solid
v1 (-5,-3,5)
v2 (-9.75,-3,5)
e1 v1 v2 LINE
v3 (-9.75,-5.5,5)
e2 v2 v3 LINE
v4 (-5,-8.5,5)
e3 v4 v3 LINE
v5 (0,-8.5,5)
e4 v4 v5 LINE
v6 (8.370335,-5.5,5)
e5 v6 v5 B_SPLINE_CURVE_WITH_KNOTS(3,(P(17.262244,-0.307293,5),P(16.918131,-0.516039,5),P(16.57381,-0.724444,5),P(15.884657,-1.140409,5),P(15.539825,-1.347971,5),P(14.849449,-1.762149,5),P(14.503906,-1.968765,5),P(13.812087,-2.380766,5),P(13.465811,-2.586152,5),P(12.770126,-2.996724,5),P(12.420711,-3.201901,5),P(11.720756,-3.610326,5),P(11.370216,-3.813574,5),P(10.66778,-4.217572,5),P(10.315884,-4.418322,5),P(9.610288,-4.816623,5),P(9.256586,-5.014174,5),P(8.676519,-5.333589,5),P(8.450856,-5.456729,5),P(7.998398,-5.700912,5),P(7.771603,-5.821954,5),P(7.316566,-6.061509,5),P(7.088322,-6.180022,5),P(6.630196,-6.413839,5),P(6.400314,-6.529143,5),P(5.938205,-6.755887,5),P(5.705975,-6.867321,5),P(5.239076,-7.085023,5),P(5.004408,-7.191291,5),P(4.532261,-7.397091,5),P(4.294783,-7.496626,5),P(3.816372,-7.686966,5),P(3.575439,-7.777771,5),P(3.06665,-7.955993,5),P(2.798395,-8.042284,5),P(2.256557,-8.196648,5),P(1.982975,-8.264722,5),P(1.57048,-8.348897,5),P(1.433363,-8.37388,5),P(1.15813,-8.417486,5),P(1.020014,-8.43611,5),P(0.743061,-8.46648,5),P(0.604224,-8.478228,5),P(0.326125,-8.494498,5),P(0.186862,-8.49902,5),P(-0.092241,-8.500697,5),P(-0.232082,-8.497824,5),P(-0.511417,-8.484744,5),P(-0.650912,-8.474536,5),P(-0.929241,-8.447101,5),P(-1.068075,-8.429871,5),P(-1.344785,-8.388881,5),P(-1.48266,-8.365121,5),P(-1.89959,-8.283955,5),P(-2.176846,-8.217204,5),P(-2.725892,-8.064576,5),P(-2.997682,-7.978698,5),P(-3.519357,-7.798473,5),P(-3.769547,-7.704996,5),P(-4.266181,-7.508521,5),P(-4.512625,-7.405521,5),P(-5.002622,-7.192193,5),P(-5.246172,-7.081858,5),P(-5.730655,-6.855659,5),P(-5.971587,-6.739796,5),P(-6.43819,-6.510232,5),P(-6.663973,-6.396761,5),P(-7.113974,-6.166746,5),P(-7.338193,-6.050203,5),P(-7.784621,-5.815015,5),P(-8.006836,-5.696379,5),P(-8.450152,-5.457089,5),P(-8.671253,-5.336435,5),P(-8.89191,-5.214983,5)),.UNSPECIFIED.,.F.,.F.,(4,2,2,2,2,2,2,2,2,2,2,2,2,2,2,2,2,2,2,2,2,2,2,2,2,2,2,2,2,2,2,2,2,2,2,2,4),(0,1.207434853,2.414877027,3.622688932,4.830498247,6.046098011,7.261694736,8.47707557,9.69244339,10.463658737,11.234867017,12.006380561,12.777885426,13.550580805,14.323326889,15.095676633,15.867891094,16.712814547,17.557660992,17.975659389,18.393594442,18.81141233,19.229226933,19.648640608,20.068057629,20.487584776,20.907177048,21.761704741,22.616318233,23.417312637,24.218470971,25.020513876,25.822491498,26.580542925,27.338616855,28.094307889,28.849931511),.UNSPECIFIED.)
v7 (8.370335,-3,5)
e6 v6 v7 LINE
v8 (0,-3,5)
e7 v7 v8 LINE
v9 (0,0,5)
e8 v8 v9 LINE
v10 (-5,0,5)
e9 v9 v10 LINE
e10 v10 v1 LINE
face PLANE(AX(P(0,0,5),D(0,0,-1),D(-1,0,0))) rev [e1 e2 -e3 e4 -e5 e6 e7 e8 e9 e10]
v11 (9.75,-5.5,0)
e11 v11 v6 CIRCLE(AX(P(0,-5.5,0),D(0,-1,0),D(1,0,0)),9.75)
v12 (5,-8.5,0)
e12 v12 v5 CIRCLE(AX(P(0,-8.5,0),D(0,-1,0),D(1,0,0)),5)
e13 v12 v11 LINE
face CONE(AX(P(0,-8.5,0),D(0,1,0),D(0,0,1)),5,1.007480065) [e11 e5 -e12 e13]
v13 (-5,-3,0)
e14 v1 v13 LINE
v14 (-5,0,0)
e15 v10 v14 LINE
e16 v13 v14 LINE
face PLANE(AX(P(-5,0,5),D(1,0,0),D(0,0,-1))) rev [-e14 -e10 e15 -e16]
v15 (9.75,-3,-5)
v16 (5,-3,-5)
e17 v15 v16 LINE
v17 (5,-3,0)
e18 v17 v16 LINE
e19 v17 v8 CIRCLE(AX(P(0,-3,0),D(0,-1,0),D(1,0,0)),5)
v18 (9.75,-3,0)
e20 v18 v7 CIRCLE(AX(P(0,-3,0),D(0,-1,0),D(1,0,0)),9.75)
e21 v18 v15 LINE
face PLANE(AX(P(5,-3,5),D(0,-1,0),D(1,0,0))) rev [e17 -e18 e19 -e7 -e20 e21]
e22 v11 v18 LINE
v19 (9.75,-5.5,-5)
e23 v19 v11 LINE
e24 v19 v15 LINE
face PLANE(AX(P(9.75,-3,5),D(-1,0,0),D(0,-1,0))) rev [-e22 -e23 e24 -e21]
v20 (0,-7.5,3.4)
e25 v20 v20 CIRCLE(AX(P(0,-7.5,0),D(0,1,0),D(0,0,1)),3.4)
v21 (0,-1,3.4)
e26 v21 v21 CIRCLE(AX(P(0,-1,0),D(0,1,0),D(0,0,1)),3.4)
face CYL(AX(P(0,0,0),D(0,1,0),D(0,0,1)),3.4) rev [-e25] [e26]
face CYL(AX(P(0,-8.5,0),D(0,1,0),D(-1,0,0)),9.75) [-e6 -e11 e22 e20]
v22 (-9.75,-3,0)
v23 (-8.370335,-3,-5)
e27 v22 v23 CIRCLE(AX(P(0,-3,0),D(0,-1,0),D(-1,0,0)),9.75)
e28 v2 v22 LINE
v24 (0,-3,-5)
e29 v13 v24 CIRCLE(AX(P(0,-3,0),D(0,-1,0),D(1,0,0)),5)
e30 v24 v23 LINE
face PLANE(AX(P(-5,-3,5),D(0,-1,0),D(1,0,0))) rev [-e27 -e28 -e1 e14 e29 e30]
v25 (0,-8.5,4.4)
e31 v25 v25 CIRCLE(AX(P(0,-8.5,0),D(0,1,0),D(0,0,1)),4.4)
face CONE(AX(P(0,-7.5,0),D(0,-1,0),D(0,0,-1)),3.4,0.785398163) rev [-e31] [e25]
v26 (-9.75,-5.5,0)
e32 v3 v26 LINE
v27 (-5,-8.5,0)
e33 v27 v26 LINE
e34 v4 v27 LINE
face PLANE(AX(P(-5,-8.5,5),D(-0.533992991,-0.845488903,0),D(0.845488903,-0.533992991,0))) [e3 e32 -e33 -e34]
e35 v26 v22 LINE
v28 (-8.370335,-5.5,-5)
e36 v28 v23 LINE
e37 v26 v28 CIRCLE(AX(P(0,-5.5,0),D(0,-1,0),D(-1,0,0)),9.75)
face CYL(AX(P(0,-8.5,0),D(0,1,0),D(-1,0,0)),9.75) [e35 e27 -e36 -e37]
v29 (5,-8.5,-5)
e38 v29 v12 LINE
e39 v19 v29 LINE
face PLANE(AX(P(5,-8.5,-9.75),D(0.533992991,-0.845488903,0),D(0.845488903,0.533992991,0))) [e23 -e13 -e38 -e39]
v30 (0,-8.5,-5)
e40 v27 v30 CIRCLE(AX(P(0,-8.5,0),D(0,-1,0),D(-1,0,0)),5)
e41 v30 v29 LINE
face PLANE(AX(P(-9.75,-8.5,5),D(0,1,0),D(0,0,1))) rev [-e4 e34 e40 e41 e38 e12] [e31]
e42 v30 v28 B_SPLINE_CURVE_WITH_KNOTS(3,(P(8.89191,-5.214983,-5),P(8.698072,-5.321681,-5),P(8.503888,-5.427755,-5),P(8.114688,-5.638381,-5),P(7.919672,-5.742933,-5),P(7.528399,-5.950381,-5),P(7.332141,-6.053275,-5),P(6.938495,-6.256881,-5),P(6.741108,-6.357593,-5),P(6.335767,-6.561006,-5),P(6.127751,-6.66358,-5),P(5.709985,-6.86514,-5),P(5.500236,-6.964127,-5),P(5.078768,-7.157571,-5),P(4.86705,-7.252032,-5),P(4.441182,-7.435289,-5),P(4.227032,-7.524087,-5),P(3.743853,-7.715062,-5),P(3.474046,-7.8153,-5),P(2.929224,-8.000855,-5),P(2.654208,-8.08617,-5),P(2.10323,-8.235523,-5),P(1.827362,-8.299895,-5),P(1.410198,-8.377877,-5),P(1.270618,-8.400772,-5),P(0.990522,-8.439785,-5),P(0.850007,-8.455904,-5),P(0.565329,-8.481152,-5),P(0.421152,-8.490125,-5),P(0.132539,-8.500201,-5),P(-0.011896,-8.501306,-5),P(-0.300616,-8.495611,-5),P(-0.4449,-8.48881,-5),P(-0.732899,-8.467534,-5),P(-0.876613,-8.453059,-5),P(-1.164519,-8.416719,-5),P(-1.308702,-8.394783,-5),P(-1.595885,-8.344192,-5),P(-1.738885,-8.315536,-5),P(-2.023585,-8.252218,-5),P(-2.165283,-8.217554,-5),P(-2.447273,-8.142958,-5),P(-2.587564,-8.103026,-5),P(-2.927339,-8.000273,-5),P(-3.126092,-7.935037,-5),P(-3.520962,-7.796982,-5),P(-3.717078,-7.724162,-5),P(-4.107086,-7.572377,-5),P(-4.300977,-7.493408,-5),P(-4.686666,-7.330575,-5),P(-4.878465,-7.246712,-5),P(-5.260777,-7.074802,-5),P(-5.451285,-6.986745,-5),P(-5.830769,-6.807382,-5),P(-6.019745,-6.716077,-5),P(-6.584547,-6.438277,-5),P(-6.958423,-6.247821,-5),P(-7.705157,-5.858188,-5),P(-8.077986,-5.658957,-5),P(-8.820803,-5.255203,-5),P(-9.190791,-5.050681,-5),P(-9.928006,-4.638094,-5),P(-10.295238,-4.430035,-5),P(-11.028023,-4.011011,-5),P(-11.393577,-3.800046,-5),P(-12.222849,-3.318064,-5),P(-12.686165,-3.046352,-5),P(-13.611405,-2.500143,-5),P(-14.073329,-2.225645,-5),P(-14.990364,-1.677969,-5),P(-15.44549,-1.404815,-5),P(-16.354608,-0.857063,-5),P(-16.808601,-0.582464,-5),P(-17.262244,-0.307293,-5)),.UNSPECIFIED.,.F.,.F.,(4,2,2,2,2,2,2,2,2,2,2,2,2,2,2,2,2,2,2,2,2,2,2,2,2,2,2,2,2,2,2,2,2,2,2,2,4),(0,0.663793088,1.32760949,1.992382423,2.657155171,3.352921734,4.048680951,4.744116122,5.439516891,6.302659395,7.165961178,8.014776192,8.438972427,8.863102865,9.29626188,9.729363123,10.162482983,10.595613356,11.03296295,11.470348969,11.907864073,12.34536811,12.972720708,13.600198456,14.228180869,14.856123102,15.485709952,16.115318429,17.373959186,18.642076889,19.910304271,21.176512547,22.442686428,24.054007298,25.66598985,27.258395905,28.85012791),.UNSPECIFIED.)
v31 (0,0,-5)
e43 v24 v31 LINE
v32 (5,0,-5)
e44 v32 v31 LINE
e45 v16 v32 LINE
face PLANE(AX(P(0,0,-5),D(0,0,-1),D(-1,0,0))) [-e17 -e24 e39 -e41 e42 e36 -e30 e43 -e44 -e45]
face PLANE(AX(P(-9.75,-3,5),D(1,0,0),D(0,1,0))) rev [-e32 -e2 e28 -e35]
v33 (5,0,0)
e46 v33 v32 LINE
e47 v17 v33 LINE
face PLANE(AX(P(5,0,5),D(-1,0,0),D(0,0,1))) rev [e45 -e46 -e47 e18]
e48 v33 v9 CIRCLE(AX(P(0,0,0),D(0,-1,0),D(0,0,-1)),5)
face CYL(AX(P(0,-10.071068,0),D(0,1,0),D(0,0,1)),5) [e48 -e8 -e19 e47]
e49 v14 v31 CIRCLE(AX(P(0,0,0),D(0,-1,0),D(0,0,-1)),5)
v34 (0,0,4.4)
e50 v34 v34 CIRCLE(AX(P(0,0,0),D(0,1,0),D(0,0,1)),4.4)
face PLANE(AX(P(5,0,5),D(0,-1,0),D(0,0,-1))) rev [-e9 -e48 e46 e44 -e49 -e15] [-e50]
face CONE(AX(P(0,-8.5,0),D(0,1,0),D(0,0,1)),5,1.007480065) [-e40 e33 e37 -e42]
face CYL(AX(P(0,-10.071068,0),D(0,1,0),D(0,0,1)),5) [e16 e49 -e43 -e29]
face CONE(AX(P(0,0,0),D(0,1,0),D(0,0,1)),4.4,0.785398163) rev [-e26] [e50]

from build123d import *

# Parameters (mm, degrees)
EXTRUDE_1_DEPTH     = 5
CUT_EXTRUDE_1_DEPTH = 3
CUT_EXTRUDE_2_DEPTH = 6.5


with BuildPart() as part:
    # Эскиз1 → Бобышка-Вытянуть1 (new body, symmetric)
    with BuildSketch(Plane.XY):
        Polygon((5, 0), (-5, 0), (-5, -3), (-9.75, -3), (-9.75, -8.5), (9.75, -8.5), (9.75, -3), (5, -3), align=None)
    extrude(amount=EXTRUDE_1_DEPTH, both=True)

    # Эскиз3 → Отверстие обработанное метчиком M81 (revolve, cut)
    with BuildSketch(Plane(origin=(0, 0, 0), x_dir=(0, 0, 1), z_dir=(1, 0, 0))):
        Polygon((0, 0), (0, 8.5), (4.4, 8.5), (3.4, 7.5), (3.4, 1), (4.4, 0), align=None)
    revolve(axis=Axis((0, 6.35, 0), (0, -1, 0)), mode=Mode.SUBTRACT)

    # Эскиз4 → Вырез-Вытянуть1 (cut)
    with BuildSketch(Plane(origin=(0, 0, 0), x_dir=(1, 0, 0), z_dir=(0, 1, 0))):
        with BuildLine():
            Line((-5, 5), (-5, 0))
            ThreePointArc((-5, 0), (-3.535533906, 3.535533906), (0, 5))
            Line((0, 5), (-5, 5))
        make_face()
        with BuildLine():
            Line((0, -5), (5, -5))
            Line((5, -5), (5, 0))
            ThreePointArc((5, 0), (3.535533906, -3.535533906), (0, -5))
        make_face()
    extrude(amount=-CUT_EXTRUDE_1_DEPTH, mode=Mode.SUBTRACT)

    # Эскиз5 → Вырез-Вытянуть2 (cut, through all)
    with BuildSketch(Plane(origin=(0, -3, 0), x_dir=(1, 0, 0), z_dir=(0, 1, 0))):
        with BuildLine():
            Line((-9.75, 0), (-9.75, 5))
            Line((-9.75, 5), (-8.370334521, 5))
            ThreePointArc((-8.370334521, 5), (-9.398756875, 2.59342808), (-9.75, 0))
        make_face()
        with BuildLine():
            Line((9.75, 0), (9.75, -5))
            Line((9.75, -5), (8.370334521, -5))
            ThreePointArc((8.370334521, -5), (9.398756875, -2.59342808), (9.75, 0))
        make_face()
    extrude(amount=-CUT_EXTRUDE_2_DEPTH, mode=Mode.SUBTRACT)

    # Вырез-По траектории1: sweep along a path in Эскиз7
    with BuildLine(Plane.XZ.offset(8.5)) as sweep_1_path:
        Line((0, 9.75), (-9.75, 9.75))
        Line((-9.75, 9.75), (-9.75, 0))
        ThreePointArc((-9.75, 0), (-6.894291117, -6.894291117), (0, -9.75))
        Line((0, -9.75), (9.75, -9.75))
        Line((9.75, -9.75), (9.75, 0))
        ThreePointArc((9.75, 0), (6.894291117, 6.894291117), (0, 9.75))
    # Эскиз6 → Вырез-По траектории1 (sweep, cut)
    with BuildSketch(Plane.XY.offset(5)):
        Polygon((-9.75, -5.5), (-9.75, -8.5), (-5, -8.5), align=None)
    sweep(path=sweep_1_path.line, transition=Transition.RIGHT, mode=Mode.SUBTRACT)


solid = part.part
